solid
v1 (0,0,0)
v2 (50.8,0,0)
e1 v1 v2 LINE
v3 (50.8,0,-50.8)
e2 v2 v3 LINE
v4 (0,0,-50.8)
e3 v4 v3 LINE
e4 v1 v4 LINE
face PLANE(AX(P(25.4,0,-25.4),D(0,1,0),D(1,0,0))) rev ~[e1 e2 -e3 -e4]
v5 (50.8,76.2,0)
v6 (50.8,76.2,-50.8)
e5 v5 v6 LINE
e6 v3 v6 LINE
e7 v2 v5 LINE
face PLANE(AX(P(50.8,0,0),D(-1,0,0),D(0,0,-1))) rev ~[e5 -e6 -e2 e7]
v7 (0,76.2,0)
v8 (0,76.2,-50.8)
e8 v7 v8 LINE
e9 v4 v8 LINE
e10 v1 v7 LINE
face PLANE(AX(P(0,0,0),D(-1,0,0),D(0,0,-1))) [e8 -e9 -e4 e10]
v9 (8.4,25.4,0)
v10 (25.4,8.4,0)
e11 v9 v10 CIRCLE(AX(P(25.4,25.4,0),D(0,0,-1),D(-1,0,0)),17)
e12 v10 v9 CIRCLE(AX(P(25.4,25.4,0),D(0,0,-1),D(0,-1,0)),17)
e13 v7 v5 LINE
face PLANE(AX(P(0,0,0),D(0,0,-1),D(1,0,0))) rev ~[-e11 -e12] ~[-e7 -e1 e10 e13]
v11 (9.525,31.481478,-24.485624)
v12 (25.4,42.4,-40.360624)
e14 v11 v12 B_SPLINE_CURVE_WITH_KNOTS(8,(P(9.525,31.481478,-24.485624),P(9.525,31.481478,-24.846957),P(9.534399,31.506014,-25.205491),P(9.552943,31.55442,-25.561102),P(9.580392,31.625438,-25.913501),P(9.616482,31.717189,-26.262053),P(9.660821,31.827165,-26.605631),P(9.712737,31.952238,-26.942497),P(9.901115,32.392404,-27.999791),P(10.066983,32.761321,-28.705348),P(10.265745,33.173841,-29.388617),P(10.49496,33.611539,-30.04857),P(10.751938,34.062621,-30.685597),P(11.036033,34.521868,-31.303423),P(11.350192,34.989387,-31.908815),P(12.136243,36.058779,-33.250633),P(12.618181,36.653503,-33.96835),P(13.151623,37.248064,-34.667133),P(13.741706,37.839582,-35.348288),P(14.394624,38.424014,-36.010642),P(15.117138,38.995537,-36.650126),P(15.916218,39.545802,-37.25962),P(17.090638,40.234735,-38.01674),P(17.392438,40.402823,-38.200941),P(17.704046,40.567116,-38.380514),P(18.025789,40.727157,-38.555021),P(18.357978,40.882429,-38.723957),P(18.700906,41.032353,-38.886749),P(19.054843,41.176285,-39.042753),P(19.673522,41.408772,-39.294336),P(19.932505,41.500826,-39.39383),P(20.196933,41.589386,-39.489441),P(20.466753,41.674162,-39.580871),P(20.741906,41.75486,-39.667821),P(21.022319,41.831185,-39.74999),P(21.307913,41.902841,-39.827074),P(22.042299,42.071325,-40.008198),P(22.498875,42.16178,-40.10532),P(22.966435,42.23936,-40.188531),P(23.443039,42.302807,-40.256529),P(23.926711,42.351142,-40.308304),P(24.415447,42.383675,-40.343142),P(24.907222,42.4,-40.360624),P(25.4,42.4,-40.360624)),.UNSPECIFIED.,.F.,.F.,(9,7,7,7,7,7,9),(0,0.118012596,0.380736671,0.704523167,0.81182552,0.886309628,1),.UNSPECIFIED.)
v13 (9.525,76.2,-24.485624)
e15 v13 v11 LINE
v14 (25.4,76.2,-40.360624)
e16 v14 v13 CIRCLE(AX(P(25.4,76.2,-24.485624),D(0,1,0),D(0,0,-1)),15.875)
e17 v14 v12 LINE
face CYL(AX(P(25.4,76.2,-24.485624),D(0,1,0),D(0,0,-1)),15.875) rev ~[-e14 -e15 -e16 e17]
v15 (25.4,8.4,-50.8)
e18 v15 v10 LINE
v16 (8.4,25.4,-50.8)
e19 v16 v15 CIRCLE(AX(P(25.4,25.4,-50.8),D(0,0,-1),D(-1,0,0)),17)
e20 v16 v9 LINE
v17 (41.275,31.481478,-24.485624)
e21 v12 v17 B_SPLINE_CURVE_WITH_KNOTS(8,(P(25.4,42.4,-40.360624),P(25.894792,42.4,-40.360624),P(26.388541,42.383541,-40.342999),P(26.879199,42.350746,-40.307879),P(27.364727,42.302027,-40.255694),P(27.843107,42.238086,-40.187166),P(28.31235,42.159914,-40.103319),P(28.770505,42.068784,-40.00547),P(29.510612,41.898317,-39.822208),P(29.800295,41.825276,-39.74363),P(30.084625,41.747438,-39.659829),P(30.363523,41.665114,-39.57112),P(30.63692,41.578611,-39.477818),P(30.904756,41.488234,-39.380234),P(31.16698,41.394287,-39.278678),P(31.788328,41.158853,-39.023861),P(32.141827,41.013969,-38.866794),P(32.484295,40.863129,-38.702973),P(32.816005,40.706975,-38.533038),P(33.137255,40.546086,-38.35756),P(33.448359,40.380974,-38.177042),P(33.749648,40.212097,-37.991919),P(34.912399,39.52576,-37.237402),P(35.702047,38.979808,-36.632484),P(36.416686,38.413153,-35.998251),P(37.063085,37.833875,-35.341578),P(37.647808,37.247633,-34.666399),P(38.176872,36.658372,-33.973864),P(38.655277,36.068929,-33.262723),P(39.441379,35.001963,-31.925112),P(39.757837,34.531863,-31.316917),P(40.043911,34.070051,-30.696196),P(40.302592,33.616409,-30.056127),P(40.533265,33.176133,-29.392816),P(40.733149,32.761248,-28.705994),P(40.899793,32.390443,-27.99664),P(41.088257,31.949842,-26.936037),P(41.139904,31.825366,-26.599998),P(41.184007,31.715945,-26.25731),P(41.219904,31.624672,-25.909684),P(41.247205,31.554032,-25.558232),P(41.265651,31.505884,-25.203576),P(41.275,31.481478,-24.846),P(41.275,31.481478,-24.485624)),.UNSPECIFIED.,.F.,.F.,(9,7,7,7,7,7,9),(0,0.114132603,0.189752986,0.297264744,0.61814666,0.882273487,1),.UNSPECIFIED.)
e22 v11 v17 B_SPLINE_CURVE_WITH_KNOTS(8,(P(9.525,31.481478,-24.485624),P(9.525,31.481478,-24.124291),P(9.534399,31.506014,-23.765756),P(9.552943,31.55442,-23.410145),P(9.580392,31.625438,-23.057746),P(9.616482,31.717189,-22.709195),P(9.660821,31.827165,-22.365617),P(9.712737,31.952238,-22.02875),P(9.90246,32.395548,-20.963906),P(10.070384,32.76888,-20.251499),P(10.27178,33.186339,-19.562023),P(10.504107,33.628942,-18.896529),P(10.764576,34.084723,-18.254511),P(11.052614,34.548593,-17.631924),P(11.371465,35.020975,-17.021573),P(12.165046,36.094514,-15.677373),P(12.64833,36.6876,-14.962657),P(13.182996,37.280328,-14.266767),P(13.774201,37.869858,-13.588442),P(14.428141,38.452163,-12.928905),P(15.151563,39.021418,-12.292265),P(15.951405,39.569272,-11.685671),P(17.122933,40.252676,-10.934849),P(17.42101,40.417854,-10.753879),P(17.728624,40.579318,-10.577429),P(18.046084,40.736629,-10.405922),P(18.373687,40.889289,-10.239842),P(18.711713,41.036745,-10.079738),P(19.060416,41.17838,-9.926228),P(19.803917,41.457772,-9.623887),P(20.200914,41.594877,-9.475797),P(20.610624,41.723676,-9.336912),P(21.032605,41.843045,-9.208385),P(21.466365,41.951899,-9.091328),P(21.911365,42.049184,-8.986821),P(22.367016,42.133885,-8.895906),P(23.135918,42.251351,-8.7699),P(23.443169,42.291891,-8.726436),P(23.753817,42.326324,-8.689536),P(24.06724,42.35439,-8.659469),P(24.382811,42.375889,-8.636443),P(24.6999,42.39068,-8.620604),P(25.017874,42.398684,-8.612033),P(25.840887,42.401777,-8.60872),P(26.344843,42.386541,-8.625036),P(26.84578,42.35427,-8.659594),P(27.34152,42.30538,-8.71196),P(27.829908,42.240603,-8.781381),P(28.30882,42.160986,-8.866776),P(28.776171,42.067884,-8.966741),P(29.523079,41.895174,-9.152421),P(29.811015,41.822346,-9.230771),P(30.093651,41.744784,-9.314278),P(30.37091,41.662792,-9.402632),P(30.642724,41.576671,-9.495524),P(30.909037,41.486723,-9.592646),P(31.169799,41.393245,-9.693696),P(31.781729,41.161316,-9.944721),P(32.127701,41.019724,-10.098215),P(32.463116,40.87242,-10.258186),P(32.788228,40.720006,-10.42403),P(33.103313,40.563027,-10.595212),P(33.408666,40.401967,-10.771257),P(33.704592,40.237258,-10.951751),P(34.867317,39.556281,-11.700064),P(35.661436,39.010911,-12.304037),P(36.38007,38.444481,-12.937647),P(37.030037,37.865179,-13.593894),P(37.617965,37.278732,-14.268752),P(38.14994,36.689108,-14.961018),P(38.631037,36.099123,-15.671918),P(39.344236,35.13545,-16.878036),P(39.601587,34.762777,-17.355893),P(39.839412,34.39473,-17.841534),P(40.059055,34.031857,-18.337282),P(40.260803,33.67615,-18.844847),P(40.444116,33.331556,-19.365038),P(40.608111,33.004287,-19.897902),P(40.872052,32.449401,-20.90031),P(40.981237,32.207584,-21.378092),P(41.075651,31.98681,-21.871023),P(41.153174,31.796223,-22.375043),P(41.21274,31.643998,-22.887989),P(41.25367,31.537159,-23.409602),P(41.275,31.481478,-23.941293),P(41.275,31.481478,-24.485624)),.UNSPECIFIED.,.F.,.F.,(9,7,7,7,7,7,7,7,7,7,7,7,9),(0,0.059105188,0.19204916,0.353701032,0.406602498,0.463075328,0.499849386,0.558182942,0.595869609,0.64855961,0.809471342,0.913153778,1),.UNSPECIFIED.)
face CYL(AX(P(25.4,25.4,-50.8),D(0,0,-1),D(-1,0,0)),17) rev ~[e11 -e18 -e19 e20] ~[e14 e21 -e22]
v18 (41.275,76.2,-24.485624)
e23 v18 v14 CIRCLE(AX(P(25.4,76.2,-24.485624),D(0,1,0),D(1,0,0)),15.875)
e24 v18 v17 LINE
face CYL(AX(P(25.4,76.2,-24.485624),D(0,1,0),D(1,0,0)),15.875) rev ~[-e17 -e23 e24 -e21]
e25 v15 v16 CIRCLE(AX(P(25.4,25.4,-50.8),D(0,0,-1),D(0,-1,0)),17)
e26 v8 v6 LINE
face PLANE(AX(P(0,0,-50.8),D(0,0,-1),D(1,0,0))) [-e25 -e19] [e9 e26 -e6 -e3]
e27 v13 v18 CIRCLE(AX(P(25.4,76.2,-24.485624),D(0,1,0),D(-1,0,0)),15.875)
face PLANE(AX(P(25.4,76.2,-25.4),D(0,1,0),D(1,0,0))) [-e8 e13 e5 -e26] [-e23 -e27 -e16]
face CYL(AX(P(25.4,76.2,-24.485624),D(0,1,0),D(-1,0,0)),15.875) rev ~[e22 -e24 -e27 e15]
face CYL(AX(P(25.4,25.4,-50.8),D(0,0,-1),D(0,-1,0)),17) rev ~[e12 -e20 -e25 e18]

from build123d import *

# Parameters (mm, degrees)
SKETCH1_W               = 50.8
SKETCH1_H               = 50.8
BOSS_EXTRUDE1_DEPTH     = 76.2
CUT_EXTRUDE1_DEPTH      = 76.2
CUT_EXTRUDE2_REACH      = 106.727
CUT_EXTRUDE2_END_RADIUS = 17


with BuildPart() as part:
    # Sketch1 → Boss-Extrude1 (new body)
    with BuildSketch(Plane(origin=(0, 0, 0), x_dir=(1, 0, 0), z_dir=(0, 1, 0))):
        with Locations((25.4, 25.4)):
            Rectangle(SKETCH1_W, SKETCH1_H)
    extrude(amount=BOSS_EXTRUDE1_DEPTH)

    # Sketch2 → Cut-Extrude1 (cut)
    with BuildSketch(Plane(origin=(0, 0, -50.8), x_dir=(-1, 0, 0), z_dir=(0, 0, -1))):
        with BuildLine():
            ThreePointArc((-8.4, 25.4), (-37.42081528, 37.42081528), (-25.4, 8.4))
            Line((-25.4, 8.4), (-25.4, 25.4))
            Line((-25.4, 25.4), (-8.4, 25.4))
        make_face()
        with BuildLine():
            Line((-25.4, 25.4), (-25.4, 8.4))
            ThreePointArc((-25.4, 8.4), (-13.37918472, 13.37918472), (-8.4, 25.4))
            Line((-8.4, 25.4), (-25.4, 25.4))
        make_face()
    extrude(amount=-CUT_EXTRUDE1_DEPTH, mode=Mode.SUBTRACT)

    # Cut-Extrude2: up to this cylinder (the profile starts outside it)
    cut_extrude2_end = Plane(origin=(25.4, 25.4, -26.731477), z_dir=(0, 0, -1)) * Cylinder(CUT_EXTRUDE2_END_RADIUS, 257.437412, mode=Mode.PRIVATE)
    # Sketch3 → Cut-Extrude2 (cut, up to the surface)
    with BuildSketch(Plane(origin=(0, 76.2, 0), x_dir=(1, 0, 0), z_dir=(0, 1, 0)), mode=Mode.PRIVATE) as cut_extrude2_sk1:
        with BuildLine():
            ThreePointArc((41.275, 24.485623633), (36.625320151, 35.710943784), (25.4, 40.360623633))
            Line((25.4, 40.360623633), (25.4, 24.485623633))
            Line((25.4, 24.485623633), (9.525, 24.485623633))
            ThreePointArc((9.525, 24.485623633), (25.4, 8.610623633), (41.275, 24.485623633))
        make_face()
    cut_extrude2_tool1 = extrude(cut_extrude2_sk1.sketch, amount=-CUT_EXTRUDE2_REACH, mode=Mode.PRIVATE) - cut_extrude2_end
    add(cut_extrude2_tool1.solids().sort_by_distance((27.645853, 76.2, -22.239771))[0], mode=Mode.SUBTRACT)
    # Sketch3 → Cut-Extrude2 (cut, up to the surface)
    with BuildSketch(Plane(origin=(0, 76.2, 0), x_dir=(1, 0, 0), z_dir=(0, 1, 0)), mode=Mode.PRIVATE) as cut_extrude2_sk2:
        with BuildLine():
            Line((25.4, 24.485623633), (25.4, 40.360623633))
            ThreePointArc((25.4, 40.360623633), (14.174679849, 35.710943784), (9.525, 24.485623633))
            Line((9.525, 24.485623633), (25.4, 24.485623633))
        make_face()
    cut_extrude2_tool2 = extrude(cut_extrude2_sk2.sketch, amount=-CUT_EXTRUDE2_REACH, mode=Mode.PRIVATE) - cut_extrude2_end
    add(cut_extrude2_tool2.solids().sort_by_distance((18.662441, 76.2, -31.223183))[0], mode=Mode.SUBTRACT)
    # Sketch3 → Cut-Extrude2 (cut, up to the surface)
    with BuildSketch(Plane(origin=(0, 76.2, 0), x_dir=(1, 0, 0), z_dir=(0, 1, 0)), mode=Mode.PRIVATE) as cut_extrude2_sk3:
        with BuildLine():
            ThreePointArc((41.275, 24.485623633), (36.625320151, 35.710943784), (25.4, 40.360623633))
            Line((25.4, 40.360623633), (25.4, 24.485623633))
            Line((25.4, 24.485623633), (9.525, 24.485623633))
            ThreePointArc((9.525, 24.485623633), (25.4, 8.610623633), (41.275, 24.485623633))
        make_face()
    cut_extrude2_tool3 = extrude(cut_extrude2_sk3.sketch, amount=-CUT_EXTRUDE2_REACH, mode=Mode.PRIVATE) - cut_extrude2_end
    add(cut_extrude2_tool3.solids().sort_by_distance((27.645853, 76.2, -22.239771))[0], mode=Mode.SUBTRACT)
    # Sketch3 → Cut-Extrude2 (cut, up to the surface)
    with BuildSketch(Plane(origin=(0, 76.2, 0), x_dir=(1, 0, 0), z_dir=(0, 1, 0)), mode=Mode.PRIVATE) as cut_extrude2_sk4:
        with BuildLine():
            Line((25.4, 24.485623633), (25.4, 40.360623633))
            ThreePointArc((25.4, 40.360623633), (14.174679849, 35.710943784), (9.525, 24.485623633))
            Line((9.525, 24.485623633), (25.4, 24.485623633))
        make_face()
    cut_extrude2_tool4 = extrude(cut_extrude2_sk4.sketch, amount=-CUT_EXTRUDE2_REACH, mode=Mode.PRIVATE) - cut_extrude2_end
    add(cut_extrude2_tool4.solids().sort_by_distance((18.662441, 76.2, -31.223183))[0], mode=Mode.SUBTRACT)


solid = part.part
